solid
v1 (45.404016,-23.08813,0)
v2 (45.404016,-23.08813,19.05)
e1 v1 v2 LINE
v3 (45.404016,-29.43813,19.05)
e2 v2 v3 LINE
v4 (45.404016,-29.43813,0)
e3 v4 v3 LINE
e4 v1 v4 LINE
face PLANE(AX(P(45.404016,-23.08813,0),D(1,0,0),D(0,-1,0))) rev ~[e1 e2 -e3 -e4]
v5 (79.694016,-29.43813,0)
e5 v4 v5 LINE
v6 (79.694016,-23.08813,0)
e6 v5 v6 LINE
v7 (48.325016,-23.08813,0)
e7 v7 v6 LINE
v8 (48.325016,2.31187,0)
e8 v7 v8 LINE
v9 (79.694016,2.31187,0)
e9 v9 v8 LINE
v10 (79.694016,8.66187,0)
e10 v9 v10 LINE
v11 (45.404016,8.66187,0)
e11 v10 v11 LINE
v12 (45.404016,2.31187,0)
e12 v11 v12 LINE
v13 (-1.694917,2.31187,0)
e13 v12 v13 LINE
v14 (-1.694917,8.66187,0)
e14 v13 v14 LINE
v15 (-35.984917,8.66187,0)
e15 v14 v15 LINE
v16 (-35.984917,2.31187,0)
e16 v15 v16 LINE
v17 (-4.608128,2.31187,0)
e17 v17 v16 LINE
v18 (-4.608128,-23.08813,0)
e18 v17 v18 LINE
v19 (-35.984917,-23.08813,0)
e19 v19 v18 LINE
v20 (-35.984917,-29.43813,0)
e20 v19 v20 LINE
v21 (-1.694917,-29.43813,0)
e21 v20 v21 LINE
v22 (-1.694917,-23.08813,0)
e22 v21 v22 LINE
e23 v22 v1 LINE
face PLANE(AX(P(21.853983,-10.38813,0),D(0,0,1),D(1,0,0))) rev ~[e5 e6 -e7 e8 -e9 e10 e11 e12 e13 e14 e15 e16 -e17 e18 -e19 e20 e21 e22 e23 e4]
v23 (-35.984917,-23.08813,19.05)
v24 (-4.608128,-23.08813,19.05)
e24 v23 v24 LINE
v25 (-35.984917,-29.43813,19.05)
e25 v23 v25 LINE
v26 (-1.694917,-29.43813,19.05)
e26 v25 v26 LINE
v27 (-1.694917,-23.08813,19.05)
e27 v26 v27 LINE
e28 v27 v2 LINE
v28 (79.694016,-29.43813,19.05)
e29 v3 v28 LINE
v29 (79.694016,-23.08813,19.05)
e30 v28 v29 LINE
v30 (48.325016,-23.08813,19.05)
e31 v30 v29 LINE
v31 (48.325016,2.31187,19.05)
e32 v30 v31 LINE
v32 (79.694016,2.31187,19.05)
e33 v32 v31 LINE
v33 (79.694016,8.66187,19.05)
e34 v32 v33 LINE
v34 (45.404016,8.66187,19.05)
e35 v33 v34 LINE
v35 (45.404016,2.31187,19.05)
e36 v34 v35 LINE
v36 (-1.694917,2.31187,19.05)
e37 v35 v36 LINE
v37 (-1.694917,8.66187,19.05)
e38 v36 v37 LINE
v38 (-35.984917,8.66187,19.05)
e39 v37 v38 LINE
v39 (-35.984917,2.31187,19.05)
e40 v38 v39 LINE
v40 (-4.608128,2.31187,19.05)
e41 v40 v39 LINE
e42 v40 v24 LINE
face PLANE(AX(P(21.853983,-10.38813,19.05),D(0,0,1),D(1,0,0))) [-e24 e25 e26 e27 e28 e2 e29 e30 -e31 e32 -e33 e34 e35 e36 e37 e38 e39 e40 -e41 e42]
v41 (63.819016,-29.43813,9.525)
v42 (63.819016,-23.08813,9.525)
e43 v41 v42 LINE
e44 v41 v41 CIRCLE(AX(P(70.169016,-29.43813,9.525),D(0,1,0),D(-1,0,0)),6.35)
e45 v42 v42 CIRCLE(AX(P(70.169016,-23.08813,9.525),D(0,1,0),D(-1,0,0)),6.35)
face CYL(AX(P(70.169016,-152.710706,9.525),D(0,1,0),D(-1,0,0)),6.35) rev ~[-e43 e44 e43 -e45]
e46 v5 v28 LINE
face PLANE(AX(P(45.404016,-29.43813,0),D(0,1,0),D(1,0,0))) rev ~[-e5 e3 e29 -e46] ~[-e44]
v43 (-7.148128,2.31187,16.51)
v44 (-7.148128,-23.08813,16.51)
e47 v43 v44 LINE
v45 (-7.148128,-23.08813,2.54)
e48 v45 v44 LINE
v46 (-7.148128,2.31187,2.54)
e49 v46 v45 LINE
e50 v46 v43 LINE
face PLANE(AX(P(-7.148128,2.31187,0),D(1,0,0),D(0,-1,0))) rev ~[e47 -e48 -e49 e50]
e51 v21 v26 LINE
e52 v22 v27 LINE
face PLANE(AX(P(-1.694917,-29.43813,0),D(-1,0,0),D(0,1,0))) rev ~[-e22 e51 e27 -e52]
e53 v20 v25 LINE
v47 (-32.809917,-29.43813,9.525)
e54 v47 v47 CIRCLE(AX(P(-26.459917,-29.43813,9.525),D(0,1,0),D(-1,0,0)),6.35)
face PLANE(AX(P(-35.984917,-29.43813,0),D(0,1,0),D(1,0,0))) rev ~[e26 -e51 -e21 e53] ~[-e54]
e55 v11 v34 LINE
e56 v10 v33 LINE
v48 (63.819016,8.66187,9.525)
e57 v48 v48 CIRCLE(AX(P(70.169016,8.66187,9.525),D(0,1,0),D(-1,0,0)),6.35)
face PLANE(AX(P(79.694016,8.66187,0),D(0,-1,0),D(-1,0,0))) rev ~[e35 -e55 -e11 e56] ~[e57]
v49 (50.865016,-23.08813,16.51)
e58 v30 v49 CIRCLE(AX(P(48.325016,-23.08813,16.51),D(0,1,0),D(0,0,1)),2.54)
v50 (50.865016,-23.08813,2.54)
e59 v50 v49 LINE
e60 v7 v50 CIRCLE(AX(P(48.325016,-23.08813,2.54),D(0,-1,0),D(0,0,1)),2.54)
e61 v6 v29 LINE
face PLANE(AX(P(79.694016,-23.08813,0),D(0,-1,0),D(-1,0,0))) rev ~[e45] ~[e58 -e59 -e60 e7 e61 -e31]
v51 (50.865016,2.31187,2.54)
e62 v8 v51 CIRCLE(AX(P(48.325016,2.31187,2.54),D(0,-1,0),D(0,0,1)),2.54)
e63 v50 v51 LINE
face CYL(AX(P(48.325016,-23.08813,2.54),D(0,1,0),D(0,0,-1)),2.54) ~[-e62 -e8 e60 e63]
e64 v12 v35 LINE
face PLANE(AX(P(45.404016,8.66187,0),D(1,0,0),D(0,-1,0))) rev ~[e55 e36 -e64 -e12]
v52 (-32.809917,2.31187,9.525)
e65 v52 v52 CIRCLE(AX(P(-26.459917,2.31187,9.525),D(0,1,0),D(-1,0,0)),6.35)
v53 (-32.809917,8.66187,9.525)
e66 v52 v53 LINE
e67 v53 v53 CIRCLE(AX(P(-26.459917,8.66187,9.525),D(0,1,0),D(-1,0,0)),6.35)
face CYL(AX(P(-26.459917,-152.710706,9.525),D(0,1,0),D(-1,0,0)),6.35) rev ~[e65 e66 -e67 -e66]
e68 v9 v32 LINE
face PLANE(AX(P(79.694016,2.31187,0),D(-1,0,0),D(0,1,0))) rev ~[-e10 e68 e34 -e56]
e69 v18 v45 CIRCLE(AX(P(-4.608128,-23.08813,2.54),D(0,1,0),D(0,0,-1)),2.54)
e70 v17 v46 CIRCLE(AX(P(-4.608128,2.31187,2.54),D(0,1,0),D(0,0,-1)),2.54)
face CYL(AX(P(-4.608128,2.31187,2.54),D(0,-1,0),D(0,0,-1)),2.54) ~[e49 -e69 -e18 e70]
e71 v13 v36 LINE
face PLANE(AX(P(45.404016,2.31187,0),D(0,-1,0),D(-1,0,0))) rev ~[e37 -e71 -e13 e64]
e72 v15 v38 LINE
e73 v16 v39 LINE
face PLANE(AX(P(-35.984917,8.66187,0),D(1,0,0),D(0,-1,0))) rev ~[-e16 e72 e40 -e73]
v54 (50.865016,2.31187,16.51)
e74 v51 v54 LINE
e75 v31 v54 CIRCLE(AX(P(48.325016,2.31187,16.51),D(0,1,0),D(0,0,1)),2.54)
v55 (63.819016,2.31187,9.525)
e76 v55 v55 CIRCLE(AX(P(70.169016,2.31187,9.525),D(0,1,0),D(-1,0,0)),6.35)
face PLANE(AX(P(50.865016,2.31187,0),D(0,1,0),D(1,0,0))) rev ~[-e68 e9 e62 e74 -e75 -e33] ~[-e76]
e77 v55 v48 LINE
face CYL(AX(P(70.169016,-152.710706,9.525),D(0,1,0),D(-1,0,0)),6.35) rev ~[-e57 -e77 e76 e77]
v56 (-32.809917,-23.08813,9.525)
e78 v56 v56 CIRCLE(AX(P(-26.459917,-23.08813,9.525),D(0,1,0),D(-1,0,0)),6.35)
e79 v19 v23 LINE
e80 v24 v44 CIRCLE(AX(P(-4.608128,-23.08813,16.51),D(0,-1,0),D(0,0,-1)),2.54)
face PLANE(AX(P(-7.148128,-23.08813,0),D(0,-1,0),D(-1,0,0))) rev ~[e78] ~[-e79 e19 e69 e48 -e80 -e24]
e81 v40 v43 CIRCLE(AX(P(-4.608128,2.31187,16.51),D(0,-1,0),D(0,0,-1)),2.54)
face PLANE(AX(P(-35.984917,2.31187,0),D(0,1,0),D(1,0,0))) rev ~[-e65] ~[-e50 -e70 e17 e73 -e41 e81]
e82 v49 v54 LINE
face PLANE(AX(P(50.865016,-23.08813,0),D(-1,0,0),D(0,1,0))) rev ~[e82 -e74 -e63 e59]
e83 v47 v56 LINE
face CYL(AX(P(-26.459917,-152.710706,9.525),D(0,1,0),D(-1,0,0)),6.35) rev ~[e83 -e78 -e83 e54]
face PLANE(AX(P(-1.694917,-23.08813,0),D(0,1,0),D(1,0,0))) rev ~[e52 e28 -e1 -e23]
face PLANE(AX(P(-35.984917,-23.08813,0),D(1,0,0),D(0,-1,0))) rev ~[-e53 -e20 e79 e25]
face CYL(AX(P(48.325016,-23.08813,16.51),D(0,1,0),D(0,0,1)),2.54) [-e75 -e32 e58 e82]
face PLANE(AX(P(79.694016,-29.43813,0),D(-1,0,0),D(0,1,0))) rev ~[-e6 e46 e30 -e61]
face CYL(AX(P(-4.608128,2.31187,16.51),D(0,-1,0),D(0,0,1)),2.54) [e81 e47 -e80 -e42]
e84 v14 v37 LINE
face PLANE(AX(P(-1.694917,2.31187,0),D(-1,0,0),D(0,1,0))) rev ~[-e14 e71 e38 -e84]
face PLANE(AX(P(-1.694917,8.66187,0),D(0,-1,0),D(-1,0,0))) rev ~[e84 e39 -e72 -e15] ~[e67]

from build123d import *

# Parameters (mm, degrees)
F1_DEPTH = 19.05
F3_D     = 12.7
F5_D     = 12.7
F6_R     = 2.54


with BuildPart() as f1:
    # F0 (on Top) → F1 (new body)
    with BuildSketch(Plane.XY):
        Polygon((45.404016, 2.31187), (-1.694917, 2.31187), (-1.694917, 8.66187), (-35.984917, 8.66187), (-35.984917, 2.31187), (-7.148128, 2.31187), (-7.148128, -23.08813), (-35.984917, -23.08813), (-35.984917, -29.43813), (-1.694917, -29.43813), (-1.694917, -23.08813), (45.404016, -23.08813), (45.404016, -29.43813), (79.694016, -29.43813), (79.694016, -23.08813), (50.865016, -23.08813), (50.865016, 2.31187), (79.694016, 2.31187), (79.694016, 8.66187), (45.404016, 8.66187), align=None)
    extrude(amount=F1_DEPTH)

    # F3 (through all)
    with Locations(Plane.XZ.offset(29.43813)):
        with Locations((-26.459917, 9.525)):
            Hole(F3_D / 2)

    # F5 (through all)
    with Locations(Plane.XZ.offset(29.43813)):
        with Locations((70.169016, 9.525)):
            Hole(F5_D / 2)

    # F6
    f6_edges = [f1.edges().sort_by_distance(p)[0] for p in [
        (50.865016, -10.38813, 19.05),
        (50.865016, -10.38813, 0),
        (-7.148128, -10.38813, 19.05),
        (-7.148128, -10.38813, 0),
    ]]
    fillet(f6_edges, radius=F6_R)


solid = f1.part
